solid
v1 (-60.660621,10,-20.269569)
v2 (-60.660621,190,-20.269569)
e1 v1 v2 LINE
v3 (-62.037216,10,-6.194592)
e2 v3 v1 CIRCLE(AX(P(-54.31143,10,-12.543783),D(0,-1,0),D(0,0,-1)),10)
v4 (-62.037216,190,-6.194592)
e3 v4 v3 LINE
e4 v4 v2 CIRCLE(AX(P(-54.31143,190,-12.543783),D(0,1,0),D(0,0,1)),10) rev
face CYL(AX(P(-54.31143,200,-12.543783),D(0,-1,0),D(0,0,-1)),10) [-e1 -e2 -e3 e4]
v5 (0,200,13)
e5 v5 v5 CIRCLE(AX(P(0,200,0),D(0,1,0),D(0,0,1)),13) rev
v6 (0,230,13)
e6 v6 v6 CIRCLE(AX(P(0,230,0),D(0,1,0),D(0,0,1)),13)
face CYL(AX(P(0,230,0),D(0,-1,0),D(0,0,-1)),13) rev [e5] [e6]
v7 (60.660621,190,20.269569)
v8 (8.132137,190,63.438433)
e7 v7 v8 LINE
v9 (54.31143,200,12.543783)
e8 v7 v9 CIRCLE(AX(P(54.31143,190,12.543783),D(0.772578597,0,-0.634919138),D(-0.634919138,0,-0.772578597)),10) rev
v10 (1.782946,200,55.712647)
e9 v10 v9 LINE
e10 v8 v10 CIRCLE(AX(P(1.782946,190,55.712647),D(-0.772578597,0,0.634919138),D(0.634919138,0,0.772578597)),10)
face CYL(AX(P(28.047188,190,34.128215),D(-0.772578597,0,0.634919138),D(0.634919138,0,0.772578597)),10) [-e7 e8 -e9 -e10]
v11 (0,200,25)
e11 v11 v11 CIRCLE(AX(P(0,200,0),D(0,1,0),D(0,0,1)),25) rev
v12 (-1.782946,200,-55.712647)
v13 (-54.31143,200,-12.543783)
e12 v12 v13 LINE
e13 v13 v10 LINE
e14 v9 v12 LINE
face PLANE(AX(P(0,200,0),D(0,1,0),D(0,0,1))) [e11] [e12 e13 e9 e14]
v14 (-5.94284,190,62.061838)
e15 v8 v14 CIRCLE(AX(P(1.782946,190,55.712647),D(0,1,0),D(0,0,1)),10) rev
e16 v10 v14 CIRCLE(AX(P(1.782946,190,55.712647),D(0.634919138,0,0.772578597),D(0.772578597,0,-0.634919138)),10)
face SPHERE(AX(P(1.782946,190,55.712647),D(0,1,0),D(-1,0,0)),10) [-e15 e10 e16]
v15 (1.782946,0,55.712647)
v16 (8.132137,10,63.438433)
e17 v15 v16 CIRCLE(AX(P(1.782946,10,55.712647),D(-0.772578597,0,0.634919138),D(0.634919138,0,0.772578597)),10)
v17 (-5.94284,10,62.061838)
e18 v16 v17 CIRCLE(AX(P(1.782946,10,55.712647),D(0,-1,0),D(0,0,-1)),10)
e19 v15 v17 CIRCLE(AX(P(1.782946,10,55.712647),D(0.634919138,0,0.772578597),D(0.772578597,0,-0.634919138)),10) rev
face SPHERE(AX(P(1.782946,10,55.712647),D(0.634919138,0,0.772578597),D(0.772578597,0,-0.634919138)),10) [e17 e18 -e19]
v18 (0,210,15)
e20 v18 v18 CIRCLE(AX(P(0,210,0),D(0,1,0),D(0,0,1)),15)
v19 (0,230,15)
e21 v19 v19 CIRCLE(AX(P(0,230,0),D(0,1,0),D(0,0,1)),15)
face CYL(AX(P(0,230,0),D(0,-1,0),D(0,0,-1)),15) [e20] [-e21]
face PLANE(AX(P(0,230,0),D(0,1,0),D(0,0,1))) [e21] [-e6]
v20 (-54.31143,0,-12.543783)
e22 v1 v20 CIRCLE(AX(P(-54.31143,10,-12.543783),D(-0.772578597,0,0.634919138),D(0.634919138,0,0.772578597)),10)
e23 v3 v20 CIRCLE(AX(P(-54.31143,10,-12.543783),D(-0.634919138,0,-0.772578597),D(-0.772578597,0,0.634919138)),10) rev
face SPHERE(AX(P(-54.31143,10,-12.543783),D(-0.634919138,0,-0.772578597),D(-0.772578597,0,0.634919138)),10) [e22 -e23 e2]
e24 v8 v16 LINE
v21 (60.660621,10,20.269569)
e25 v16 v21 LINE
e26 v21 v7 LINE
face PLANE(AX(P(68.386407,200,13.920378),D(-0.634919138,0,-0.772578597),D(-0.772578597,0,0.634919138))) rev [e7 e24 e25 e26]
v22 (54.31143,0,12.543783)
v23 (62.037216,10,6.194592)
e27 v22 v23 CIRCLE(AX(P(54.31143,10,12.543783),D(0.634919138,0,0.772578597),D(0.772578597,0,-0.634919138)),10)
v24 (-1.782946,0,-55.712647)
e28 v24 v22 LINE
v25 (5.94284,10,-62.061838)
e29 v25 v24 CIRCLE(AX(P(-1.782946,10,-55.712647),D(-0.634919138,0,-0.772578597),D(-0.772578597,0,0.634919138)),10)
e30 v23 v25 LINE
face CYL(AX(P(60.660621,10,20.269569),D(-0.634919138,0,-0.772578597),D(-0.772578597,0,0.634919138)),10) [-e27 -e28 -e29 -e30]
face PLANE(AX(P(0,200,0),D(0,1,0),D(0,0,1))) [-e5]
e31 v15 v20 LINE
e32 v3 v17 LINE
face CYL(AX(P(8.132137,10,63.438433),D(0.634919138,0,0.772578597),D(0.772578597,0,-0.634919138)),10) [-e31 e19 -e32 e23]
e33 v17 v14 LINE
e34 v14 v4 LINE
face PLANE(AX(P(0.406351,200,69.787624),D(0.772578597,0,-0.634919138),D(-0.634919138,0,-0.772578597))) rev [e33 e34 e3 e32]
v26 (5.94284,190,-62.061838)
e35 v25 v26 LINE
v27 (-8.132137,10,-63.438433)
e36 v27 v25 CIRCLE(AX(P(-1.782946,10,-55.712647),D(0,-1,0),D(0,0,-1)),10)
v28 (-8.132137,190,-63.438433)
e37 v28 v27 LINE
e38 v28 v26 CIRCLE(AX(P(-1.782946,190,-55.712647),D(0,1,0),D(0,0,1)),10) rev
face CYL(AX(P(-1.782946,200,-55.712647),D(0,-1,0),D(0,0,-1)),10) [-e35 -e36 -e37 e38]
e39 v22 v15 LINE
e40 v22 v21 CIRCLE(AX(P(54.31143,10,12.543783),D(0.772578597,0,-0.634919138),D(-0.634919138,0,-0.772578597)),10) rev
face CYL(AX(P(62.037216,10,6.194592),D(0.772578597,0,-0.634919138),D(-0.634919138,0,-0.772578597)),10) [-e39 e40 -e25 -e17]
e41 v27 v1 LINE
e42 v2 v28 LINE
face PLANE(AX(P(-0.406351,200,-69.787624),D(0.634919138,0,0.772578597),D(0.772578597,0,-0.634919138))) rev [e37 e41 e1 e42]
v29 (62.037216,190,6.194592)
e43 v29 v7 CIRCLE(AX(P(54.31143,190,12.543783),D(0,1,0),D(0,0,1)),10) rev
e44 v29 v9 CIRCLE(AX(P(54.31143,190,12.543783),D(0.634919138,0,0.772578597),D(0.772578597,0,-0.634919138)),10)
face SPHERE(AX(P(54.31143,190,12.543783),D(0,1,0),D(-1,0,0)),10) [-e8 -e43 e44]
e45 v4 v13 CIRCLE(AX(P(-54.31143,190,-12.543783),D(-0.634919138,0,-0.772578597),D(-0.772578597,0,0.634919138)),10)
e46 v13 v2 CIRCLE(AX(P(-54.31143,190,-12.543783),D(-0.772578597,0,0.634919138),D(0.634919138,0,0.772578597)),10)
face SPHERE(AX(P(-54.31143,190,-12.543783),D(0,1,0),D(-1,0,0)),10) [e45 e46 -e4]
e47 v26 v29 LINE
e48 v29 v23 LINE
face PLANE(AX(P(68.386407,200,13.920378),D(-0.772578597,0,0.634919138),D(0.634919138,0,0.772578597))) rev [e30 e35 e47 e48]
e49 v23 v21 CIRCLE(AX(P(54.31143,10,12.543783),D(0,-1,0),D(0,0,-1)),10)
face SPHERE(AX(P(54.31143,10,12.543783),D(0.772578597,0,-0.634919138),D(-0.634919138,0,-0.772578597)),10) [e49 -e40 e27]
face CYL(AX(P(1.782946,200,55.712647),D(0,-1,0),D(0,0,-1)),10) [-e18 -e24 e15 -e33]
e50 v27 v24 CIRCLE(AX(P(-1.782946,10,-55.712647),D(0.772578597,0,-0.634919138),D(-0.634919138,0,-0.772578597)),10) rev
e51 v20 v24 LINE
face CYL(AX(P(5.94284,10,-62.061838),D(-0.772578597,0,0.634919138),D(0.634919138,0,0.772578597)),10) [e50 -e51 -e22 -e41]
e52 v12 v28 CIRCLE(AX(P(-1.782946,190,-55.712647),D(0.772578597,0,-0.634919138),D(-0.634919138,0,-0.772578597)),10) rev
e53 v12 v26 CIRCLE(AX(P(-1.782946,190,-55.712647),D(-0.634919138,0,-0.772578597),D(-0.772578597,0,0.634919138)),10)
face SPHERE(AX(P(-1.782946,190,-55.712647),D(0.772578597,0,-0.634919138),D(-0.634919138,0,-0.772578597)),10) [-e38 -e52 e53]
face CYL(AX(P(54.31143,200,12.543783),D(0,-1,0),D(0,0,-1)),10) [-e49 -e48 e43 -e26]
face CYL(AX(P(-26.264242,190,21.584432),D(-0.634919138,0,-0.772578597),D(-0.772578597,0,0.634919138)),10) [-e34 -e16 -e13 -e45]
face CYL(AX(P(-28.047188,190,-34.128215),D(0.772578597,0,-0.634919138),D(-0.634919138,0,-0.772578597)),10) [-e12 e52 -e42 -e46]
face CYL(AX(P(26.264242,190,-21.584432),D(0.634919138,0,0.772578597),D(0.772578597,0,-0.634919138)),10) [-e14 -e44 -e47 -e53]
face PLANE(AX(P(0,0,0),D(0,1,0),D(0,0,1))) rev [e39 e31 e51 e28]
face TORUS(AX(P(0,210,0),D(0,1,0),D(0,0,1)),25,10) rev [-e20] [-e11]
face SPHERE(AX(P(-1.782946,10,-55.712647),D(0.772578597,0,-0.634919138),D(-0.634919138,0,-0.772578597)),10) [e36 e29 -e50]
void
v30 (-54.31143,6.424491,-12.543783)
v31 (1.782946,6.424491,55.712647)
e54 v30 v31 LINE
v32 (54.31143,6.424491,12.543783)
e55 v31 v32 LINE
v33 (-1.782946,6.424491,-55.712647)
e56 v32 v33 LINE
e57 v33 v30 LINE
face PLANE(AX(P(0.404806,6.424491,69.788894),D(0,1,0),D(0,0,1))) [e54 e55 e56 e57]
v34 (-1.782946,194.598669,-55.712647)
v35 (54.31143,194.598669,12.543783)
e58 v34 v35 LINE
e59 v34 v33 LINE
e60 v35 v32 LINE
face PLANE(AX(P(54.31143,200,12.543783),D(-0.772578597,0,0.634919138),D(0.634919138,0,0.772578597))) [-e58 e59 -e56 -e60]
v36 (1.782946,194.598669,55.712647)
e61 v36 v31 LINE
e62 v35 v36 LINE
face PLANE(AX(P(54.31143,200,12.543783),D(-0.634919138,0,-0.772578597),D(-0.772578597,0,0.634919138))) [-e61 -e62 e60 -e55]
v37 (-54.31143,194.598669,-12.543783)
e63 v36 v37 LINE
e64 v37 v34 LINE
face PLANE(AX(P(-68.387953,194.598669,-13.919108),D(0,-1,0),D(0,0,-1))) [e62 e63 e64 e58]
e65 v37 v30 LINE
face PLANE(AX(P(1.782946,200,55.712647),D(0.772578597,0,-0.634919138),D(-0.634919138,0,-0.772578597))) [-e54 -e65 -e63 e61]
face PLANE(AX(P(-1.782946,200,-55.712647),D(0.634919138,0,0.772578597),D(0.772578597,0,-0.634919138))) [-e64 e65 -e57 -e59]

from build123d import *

# Parameters (mm, degrees)
BOSS_EXTRUDE2_DEPTH = 200
BOSS_EXTRUDE3_DEPTH = 200
BOSS_EXTRUDE4_DEPTH = 200
BOSS_EXTRUDE5_REACH = 247.011
SKETCH2_W           = 108.348849956
SKETCH2_H           = 6.424491228
SKETCH2_H_2         = 5.401330914
SKETCH3_R           = 15
SKETCH3_R_2         = 13
BOSS_EXTRUDE6_DEPTH = 30
FILLET4_R           = 10
FILLET5_R           = 10


with BuildPart() as part:
    # Sketch1 → Boss-Extrude2 (new body)
    with BuildSketch(Plane(origin=(0, 0, 0), x_dir=(1, 0, 0), z_dir=(0, 1, 0))):
        Polygon((-0.406350975, 69.787624434), (-68.386407424, 13.920378043), (0.406350975, -69.787624434), (68.386407424, -13.920378043), align=None)
        Polygon((54.311430077, -12.543783452), (-1.782945566, 55.712647086), (-54.311430077, 12.543783452), (1.782945566, -55.712647086), align=None, mode=Mode.SUBTRACT)
    extrude(amount=BOSS_EXTRUDE2_DEPTH)

    # Sketch1<2> → Boss-Extrude3 (add)
    with BuildSketch(Plane(origin=(0, 0, 0), x_dir=(1, 0, 0), z_dir=(0, 1, 0))):
        Polygon((-0.406350975, 69.787624434), (-68.386407424, 13.920378043), (0.406350975, -69.787624434), (68.386407424, -13.920378043), align=None)
        Polygon((54.311430077, -12.543783452), (-1.782945566, 55.712647086), (-54.311430077, 12.543783452), (1.782945566, -55.712647086), align=None, mode=Mode.SUBTRACT)
    extrude(amount=BOSS_EXTRUDE3_DEPTH)

    # Sketch1<4> → Boss-Extrude4 (add)
    with BuildSketch(Plane(origin=(0, 0, 0), x_dir=(1, 0, 0), z_dir=(0, 1, 0))):
        Polygon((-0.406350975, 69.787624434), (-68.386407424, 13.920378043), (0.406350975, -69.787624434), (68.386407424, -13.920378043), align=None)
        Polygon((54.311430077, -12.543783452), (-1.782945566, 55.712647086), (-54.311430077, 12.543783452), (1.782945566, -55.712647086), align=None, mode=Mode.SUBTRACT)
    extrude(amount=BOSS_EXTRUDE4_DEPTH)

    # Sketch2 → Boss-Extrude5 (add, up to next)
    with BuildSketch(Plane(origin=(33.990028225, 0, -27.933623196), x_dir=(-0.6349191378309257, 0, -0.7725785969181609), z_dir=(0.772578596918161, 0, -0.6349191378309257)), mode=Mode.PRIVATE) as boss_extrude5_sk1:
        with Locations((0, 3.212245614)):
            Rectangle(SKETCH2_W, SKETCH2_H)
    boss_extrude5_tool1 = extrude(boss_extrude5_sk1.sketch, amount=-BOSS_EXTRUDE5_REACH, mode=Mode.PRIVATE) - part.part
    # Sketch2 → Boss-Extrude5 (add, up to next)
    with BuildSketch(Plane(origin=(33.990028225, 0, -27.933623196), x_dir=(-0.6349191378309257, 0, -0.7725785969181609), z_dir=(0.772578596918161, 0, -0.6349191378309257)), mode=Mode.PRIVATE) as boss_extrude5_sk2:
        with Locations((0, 197.299334543)):
            Rectangle(SKETCH2_W, SKETCH2_H_2)
    boss_extrude5_tool2 = extrude(boss_extrude5_sk2.sketch, amount=-BOSS_EXTRUDE5_REACH, mode=Mode.PRIVATE) - part.part
    add(boss_extrude5_tool1.solids().sort_by_distance((33.990028, 3.212246, -27.933623))[0])
    add(boss_extrude5_tool2.solids().sort_by_distance((33.990028, 197.299335, -27.933623))[0])

    # Sketch3 → Boss-Extrude6 (add)
    with BuildSketch(Plane(origin=(0, 200, 0), x_dir=(1, 0, 0), z_dir=(0, 1, 0))):
        Circle(SKETCH3_R)
        Circle(SKETCH3_R_2, mode=Mode.SUBTRACT)
    extrude(amount=BOSS_EXTRUDE6_DEPTH)

    # Fillet4
    fillet4_edges = [part.edges().sort_by_distance(p)[0] for p in [
        (-15, 200, 0),
    ]]
    fillet(fillet4_edges, radius=FILLET4_R)

    # Fillet5
    fillet5_edges = [part.edges().sort_by_distance(p)[0] for p in [
        (-33.990028225, 0, 27.933623196),
        (-68.386407424, 100, -13.920378043),
        (-34.396379199, 0, -41.854001238),
        (0.406350975, 100, 69.787624434),
        (34.396379199, 0, 41.854001238),
        (68.386407424, 100, 13.920378043),
        (-0.406350975, 100, -69.787624434),
        (33.990028225, 0, -27.933623196),
        (34.396379199, 200, 41.854001238),
        (-33.990028225, 200, 27.933623196),
        (-34.396379199, 200, -41.854001238),
        (33.990028225, 200, -27.933623196),
    ]]
    fillet(fillet5_edges, radius=FILLET5_R)


solid = part.part
